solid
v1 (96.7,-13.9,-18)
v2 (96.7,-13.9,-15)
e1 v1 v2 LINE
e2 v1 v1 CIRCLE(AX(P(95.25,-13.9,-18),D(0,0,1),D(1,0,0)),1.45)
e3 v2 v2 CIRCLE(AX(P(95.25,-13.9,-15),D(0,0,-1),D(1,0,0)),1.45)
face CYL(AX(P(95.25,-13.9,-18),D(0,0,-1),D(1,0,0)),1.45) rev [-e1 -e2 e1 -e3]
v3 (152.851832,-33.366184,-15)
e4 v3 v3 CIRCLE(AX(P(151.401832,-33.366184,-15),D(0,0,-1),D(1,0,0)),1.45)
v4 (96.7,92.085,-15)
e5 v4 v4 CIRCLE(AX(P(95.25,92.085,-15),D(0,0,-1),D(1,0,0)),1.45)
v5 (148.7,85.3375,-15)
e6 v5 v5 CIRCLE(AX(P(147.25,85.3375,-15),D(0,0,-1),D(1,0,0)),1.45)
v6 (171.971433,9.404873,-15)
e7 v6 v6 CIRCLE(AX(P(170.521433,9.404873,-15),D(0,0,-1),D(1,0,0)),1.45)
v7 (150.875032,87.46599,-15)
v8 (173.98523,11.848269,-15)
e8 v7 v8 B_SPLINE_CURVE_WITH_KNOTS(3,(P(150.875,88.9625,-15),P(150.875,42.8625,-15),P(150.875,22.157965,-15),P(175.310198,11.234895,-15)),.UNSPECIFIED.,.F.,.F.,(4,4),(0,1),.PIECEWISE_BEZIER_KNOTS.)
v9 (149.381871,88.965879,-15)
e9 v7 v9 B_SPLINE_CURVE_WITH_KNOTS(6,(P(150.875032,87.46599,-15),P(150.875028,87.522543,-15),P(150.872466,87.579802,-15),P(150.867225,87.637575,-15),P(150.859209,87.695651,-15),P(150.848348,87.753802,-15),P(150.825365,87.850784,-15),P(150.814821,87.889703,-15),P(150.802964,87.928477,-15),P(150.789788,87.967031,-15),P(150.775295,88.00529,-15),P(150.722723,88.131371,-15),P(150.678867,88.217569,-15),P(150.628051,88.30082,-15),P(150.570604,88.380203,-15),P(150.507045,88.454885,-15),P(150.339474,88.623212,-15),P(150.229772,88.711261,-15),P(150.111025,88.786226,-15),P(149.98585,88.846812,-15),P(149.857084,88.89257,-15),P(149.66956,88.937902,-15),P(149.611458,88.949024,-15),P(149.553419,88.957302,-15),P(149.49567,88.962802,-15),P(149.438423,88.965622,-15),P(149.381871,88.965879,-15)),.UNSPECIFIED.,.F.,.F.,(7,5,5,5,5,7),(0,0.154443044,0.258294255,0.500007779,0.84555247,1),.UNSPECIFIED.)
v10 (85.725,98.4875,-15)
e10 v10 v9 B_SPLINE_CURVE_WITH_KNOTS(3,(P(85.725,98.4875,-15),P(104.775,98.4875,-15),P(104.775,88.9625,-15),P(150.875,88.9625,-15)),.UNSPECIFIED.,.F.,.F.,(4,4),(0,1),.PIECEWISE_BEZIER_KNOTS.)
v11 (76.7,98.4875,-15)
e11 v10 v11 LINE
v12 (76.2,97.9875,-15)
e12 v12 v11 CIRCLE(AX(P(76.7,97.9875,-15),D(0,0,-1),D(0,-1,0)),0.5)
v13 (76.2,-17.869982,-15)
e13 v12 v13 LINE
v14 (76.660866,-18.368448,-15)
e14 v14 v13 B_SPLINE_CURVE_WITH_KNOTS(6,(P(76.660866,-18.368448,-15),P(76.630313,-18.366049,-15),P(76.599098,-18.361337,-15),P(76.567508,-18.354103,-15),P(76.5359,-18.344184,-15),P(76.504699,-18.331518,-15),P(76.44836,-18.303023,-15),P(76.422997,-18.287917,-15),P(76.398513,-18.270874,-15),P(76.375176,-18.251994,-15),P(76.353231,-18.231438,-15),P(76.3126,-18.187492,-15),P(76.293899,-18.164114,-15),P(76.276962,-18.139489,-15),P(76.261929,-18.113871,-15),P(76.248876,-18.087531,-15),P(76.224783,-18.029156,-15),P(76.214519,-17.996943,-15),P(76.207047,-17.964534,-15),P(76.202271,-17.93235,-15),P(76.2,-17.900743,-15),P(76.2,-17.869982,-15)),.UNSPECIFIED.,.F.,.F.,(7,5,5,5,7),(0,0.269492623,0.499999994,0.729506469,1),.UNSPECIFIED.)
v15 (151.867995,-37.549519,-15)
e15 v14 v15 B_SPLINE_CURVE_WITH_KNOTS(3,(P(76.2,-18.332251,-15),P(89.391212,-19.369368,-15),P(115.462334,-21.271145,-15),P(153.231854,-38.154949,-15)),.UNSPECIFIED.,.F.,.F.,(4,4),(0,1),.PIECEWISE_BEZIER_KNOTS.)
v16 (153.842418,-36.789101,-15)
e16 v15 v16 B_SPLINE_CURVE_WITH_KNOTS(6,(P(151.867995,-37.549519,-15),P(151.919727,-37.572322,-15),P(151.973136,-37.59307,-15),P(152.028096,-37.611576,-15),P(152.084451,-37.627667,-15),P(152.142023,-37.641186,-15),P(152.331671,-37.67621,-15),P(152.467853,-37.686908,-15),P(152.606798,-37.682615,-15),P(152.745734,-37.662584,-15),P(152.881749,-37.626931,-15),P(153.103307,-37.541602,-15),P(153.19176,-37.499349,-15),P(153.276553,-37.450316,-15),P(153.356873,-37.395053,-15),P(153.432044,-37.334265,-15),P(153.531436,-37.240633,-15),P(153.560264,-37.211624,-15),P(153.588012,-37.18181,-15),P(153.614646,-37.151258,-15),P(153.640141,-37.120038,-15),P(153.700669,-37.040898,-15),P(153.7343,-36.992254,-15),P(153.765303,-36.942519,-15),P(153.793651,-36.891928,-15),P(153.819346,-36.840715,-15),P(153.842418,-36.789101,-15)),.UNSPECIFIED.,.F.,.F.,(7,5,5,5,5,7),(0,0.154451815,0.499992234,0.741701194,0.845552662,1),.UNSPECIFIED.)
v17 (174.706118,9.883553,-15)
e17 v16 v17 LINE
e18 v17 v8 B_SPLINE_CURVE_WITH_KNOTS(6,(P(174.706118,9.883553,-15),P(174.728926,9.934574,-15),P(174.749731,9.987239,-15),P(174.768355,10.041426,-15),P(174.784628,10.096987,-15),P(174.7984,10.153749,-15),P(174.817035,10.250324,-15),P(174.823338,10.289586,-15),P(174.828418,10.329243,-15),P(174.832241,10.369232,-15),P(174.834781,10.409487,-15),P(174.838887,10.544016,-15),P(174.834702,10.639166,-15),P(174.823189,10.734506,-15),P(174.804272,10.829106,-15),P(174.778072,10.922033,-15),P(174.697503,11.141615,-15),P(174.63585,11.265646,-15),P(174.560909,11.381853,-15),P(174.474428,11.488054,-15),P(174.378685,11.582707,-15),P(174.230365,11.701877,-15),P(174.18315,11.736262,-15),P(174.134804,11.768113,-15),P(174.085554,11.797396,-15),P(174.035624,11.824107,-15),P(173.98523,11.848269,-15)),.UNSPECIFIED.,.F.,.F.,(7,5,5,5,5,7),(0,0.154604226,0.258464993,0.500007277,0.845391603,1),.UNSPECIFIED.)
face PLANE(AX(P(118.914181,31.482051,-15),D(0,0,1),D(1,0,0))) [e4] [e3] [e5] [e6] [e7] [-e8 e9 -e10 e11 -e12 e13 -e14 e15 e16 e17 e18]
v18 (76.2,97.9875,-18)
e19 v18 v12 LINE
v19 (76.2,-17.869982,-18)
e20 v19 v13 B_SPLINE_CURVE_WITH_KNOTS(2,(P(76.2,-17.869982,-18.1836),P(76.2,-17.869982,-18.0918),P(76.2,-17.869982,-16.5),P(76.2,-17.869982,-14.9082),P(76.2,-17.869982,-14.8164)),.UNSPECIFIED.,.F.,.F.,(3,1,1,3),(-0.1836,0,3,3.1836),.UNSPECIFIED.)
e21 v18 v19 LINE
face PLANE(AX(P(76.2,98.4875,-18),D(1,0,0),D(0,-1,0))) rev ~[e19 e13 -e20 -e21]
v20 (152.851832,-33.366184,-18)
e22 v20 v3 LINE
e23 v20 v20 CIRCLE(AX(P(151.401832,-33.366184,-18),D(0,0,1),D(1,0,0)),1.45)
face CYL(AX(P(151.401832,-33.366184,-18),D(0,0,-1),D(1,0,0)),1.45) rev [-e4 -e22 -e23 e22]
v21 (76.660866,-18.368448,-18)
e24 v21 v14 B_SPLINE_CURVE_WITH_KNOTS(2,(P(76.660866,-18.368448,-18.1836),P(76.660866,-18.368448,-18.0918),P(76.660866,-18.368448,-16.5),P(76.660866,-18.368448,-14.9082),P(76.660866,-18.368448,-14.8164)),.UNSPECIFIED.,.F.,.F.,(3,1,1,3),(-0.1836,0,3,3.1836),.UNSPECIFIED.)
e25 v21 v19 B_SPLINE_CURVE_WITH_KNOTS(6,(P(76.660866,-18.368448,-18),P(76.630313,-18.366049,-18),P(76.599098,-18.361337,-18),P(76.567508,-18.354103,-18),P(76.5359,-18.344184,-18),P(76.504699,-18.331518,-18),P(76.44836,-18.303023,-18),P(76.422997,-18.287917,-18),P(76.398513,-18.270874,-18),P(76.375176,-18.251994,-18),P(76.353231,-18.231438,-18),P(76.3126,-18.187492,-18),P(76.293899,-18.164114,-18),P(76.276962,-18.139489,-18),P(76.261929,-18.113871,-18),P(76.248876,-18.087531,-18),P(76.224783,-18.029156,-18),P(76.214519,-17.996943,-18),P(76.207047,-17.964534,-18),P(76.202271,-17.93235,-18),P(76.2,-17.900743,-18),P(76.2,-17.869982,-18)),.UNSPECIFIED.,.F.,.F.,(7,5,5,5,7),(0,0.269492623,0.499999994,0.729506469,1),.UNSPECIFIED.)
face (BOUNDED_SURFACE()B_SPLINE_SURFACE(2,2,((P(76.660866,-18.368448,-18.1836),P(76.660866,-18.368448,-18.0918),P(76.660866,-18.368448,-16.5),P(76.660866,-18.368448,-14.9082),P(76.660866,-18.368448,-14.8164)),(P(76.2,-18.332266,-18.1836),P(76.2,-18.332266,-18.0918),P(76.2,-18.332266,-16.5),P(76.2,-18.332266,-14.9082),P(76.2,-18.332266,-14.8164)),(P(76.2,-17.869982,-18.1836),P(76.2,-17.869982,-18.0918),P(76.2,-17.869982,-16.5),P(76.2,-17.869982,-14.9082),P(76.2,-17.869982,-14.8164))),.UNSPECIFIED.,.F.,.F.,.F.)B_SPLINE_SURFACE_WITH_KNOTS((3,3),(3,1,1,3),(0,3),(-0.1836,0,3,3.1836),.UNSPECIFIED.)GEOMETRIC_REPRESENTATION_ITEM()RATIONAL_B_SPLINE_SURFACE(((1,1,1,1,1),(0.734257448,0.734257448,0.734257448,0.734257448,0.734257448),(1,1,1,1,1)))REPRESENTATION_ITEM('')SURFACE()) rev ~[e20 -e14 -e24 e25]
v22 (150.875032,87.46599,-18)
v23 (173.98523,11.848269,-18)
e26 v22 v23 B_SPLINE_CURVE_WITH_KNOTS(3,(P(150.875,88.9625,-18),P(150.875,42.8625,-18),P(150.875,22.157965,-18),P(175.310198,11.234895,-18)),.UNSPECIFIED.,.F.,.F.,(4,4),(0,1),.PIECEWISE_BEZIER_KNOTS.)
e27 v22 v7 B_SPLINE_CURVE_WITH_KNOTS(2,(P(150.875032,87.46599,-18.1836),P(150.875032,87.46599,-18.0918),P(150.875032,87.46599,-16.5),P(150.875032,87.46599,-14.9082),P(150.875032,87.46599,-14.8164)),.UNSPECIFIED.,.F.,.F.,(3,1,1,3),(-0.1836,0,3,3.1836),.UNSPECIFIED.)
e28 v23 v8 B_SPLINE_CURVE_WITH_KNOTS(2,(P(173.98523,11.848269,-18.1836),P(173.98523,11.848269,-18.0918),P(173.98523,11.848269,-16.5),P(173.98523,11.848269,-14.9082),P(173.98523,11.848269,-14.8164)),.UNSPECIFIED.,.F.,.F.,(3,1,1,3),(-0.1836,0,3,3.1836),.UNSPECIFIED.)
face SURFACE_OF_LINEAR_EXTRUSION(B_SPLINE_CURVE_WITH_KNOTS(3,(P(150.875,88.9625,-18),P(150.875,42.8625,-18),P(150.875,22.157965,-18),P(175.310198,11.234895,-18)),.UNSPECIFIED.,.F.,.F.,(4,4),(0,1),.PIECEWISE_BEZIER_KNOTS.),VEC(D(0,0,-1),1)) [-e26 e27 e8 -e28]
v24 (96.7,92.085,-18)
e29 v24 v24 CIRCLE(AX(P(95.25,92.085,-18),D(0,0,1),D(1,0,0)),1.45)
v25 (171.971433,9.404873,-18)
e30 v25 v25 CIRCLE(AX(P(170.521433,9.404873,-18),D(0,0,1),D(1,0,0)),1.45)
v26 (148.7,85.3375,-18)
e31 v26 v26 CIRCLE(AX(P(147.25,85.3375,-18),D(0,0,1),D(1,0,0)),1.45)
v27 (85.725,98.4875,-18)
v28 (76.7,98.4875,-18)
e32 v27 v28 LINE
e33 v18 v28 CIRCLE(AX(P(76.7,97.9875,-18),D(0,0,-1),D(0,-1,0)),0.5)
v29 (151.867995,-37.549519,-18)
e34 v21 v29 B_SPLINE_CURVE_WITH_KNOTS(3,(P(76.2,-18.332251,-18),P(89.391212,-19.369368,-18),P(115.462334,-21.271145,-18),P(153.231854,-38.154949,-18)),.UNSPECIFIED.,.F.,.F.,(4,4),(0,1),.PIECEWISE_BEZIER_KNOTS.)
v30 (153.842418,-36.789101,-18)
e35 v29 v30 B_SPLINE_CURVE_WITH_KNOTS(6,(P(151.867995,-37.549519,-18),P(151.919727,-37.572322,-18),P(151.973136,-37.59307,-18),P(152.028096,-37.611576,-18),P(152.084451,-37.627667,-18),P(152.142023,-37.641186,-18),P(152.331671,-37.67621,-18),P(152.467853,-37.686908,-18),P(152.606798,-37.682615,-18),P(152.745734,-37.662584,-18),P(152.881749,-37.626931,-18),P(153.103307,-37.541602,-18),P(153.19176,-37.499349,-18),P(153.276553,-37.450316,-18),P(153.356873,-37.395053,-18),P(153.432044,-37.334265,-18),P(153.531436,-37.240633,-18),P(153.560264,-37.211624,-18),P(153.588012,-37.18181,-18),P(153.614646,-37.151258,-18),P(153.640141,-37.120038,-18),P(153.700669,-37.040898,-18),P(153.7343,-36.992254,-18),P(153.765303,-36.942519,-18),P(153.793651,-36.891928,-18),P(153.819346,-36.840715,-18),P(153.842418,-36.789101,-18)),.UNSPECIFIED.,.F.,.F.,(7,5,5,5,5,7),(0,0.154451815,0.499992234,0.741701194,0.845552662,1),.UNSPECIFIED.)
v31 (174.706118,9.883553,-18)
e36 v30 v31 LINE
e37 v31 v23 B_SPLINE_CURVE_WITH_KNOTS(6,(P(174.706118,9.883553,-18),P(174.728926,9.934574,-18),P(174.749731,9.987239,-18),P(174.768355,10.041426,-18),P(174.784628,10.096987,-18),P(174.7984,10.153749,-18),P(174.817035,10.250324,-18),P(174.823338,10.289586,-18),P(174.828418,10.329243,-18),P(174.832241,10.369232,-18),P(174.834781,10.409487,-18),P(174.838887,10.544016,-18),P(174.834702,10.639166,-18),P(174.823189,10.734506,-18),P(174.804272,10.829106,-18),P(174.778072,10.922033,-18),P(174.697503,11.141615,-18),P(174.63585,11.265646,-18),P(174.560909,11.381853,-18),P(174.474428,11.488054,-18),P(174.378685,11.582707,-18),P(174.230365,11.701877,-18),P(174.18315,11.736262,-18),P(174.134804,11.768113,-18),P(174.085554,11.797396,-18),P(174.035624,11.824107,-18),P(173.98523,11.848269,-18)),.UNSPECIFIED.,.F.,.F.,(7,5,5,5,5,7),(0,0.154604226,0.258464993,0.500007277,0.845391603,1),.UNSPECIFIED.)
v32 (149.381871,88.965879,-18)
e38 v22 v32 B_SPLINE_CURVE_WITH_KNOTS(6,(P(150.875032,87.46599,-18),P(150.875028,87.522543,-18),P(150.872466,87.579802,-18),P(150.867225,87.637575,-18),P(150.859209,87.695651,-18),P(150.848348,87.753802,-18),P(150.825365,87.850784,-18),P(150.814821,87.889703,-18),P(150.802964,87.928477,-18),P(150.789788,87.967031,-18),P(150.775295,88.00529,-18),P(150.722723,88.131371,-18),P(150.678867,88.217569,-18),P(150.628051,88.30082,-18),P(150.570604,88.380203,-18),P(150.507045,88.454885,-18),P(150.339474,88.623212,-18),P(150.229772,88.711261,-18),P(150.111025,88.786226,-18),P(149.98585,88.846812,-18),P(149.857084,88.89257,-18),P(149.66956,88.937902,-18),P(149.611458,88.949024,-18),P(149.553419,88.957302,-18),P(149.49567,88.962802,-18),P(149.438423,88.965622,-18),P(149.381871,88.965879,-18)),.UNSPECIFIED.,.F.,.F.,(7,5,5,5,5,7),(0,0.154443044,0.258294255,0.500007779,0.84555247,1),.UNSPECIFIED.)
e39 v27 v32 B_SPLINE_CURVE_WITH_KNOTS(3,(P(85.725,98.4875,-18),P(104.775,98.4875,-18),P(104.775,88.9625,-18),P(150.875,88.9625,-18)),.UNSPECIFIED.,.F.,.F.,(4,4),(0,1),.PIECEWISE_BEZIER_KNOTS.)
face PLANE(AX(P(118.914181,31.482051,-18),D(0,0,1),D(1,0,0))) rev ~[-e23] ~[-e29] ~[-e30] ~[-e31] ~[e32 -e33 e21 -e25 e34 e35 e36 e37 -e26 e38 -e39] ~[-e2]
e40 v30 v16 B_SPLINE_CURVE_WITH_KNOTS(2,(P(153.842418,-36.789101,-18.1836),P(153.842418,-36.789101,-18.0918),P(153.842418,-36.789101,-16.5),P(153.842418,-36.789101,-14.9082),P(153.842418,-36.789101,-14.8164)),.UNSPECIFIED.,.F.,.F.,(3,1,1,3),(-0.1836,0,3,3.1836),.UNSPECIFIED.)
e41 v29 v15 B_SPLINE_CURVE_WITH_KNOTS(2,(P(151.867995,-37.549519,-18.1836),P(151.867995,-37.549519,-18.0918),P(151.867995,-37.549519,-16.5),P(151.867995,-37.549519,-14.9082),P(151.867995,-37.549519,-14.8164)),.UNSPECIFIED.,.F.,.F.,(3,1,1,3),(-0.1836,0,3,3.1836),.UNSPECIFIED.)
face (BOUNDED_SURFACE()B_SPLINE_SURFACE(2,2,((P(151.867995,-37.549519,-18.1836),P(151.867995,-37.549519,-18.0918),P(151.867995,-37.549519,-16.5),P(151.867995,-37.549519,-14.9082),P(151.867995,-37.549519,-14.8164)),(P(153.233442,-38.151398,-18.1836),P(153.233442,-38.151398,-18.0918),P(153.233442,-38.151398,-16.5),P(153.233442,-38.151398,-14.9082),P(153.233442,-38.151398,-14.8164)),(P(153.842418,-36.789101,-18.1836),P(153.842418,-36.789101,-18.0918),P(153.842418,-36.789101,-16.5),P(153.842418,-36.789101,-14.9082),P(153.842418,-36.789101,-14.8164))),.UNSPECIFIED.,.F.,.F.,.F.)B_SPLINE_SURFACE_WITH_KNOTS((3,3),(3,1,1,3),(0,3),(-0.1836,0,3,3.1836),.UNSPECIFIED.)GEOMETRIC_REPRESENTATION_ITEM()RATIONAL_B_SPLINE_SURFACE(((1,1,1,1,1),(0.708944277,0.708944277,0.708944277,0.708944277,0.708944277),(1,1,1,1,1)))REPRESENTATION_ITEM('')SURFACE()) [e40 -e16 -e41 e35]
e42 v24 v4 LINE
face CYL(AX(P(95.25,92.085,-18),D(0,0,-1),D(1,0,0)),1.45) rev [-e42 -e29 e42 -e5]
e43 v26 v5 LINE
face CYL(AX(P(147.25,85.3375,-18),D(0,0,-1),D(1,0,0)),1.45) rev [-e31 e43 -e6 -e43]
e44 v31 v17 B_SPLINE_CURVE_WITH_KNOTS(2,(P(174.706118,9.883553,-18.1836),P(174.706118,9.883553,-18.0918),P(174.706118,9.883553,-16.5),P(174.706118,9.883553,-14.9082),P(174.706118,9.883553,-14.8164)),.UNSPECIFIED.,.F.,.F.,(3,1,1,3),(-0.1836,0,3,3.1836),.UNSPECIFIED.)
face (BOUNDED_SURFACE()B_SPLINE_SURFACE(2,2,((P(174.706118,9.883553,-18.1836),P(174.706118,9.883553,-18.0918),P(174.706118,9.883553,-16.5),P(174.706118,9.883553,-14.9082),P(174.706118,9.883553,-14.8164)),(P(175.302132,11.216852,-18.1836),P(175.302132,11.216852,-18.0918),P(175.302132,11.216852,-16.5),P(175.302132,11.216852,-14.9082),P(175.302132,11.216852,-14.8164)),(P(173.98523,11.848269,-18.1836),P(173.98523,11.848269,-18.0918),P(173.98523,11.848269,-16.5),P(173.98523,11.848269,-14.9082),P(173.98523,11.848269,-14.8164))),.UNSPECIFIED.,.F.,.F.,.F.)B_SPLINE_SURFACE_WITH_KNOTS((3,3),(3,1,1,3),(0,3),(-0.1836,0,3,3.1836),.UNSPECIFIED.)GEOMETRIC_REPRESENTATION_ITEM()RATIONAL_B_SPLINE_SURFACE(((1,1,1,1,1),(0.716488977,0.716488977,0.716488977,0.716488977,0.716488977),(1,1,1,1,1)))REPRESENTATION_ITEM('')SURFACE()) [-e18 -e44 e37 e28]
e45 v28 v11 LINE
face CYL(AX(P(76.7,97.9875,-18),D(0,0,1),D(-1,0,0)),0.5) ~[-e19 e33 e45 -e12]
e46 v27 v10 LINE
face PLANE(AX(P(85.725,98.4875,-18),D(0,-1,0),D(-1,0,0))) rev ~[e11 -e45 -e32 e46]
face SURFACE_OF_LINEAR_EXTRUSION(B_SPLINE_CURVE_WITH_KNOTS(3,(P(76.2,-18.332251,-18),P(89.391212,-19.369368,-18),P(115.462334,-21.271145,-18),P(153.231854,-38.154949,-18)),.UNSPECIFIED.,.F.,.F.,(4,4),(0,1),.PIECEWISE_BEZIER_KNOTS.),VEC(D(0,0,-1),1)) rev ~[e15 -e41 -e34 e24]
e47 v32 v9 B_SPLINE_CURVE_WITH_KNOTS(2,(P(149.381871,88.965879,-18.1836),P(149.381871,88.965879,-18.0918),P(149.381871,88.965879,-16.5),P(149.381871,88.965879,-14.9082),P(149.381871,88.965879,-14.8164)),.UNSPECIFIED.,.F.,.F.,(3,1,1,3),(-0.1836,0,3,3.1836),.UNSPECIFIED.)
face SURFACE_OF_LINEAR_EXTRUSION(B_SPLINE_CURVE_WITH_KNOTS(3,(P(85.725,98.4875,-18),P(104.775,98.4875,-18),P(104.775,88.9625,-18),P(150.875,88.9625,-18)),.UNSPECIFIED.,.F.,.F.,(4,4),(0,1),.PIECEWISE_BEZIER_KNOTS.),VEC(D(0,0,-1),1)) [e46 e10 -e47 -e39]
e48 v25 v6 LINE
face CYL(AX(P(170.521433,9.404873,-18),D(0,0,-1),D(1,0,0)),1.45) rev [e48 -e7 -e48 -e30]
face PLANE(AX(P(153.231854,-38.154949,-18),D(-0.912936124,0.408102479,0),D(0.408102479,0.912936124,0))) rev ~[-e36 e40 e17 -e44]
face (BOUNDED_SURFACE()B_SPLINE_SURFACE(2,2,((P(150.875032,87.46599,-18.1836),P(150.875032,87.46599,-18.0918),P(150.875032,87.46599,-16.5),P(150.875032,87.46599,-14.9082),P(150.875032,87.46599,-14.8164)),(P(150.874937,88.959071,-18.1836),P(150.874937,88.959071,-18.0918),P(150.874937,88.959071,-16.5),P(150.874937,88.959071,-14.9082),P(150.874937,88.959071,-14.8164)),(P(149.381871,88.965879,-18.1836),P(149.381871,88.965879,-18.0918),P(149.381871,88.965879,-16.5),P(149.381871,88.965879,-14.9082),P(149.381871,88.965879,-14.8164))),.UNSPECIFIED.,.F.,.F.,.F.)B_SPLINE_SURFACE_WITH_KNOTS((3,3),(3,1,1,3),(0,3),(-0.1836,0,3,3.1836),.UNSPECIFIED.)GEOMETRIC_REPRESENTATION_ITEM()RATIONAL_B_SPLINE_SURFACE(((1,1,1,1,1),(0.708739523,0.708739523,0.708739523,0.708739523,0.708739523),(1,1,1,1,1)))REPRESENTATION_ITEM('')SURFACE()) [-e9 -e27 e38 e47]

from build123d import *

# Parameters (mm, degrees)
PAD010_DEPTH    = 3
SKETCH045_R     = 1.45
POCKET015_DEPTH = 30
FILLET008_R     = 1.5
FILLET016_R     = 0.5


with BuildPart() as part:
    # Sketch034 → Pad010 (new body)
    with BuildSketch(Plane.XY):
        with BuildLine():
            add(Edge.make_bspline(
                [(76.2, -18.332251), (89.391212, -19.369368), (115.462334, -21.271145), (153.231854, -38.154949)],
                knots=[0, 0, 0, 0, 1, 1, 1, 1], degree=3))
            Line((153.231854, -38.154949), (175.310198, 11.234895))
            add(Edge.make_bspline(
                [(150.875, 88.9625), (150.875, 42.8625), (150.875, 22.157965), (175.310198, 11.234895)],
                knots=[0, 0, 0, 0, 1, 1, 1, 1], degree=3))
            add(Edge.make_bspline(
                [(85.725, 98.4875), (104.775, 98.4875), (104.775, 88.9625), (150.875, 88.9625)],
                knots=[0, 0, 0, 0, 1, 1, 1, 1], degree=3))
            Line((85.725, 98.4875), (76.2, 98.4875))
            Line((76.2, 98.4875), (76.2, -18.332251))
        make_face()
    extrude(amount=PAD010_DEPTH)

    # Sketch045 → Pocket015 (cut)
    with BuildSketch(Plane.XY):
        with Locations((-4.375, -4.375)):
            Circle(SKETCH045_R)
        with Locations((-4.375, 80.575)):
            Circle(SKETCH045_R)
        with Locations((151.401832, -33.366184)):
            Circle(SKETCH045_R)
        with Locations((170.521433, 9.404873)):
            Circle(SKETCH045_R)
        with Locations((147.25, 85.3375)):
            Circle(SKETCH045_R)
        with Locations((43.25, -13.9)):
            Circle(SKETCH045_R)
        with Locations((57.15, 92.085)):
            Circle(SKETCH045_R)
        with Locations((95.25, 92.085)):
            Circle(SKETCH045_R)
        with Locations((95.25, -13.9)):
            Circle(SKETCH045_R)
    extrude(amount=POCKET015_DEPTH, mode=Mode.SUBTRACT)

    # Fillet008
    fillet008_edges = [part.edges().sort_by_distance(p)[0] for p in [
        (150.875, 88.9625, 1.5),
        (175.310198, 11.234895, 1.5),
        (153.231854, -38.154949, 1.5),
    ]]
    fillet(fillet008_edges, radius=FILLET008_R)

    # Fillet016
    fillet016_edges = [part.edges().sort_by_distance(p)[0] for p in [
        (76.2, 98.4875, 1.5),
        (76.2, -18.332251, 1.5),
    ]]
    fillet(fillet016_edges, radius=FILLET016_R)


with BuildPart() as part_1:
    # Body009 placement: moved
    add(part.part.moved(Location((0, 0, -18))))


solid = part_1.part
